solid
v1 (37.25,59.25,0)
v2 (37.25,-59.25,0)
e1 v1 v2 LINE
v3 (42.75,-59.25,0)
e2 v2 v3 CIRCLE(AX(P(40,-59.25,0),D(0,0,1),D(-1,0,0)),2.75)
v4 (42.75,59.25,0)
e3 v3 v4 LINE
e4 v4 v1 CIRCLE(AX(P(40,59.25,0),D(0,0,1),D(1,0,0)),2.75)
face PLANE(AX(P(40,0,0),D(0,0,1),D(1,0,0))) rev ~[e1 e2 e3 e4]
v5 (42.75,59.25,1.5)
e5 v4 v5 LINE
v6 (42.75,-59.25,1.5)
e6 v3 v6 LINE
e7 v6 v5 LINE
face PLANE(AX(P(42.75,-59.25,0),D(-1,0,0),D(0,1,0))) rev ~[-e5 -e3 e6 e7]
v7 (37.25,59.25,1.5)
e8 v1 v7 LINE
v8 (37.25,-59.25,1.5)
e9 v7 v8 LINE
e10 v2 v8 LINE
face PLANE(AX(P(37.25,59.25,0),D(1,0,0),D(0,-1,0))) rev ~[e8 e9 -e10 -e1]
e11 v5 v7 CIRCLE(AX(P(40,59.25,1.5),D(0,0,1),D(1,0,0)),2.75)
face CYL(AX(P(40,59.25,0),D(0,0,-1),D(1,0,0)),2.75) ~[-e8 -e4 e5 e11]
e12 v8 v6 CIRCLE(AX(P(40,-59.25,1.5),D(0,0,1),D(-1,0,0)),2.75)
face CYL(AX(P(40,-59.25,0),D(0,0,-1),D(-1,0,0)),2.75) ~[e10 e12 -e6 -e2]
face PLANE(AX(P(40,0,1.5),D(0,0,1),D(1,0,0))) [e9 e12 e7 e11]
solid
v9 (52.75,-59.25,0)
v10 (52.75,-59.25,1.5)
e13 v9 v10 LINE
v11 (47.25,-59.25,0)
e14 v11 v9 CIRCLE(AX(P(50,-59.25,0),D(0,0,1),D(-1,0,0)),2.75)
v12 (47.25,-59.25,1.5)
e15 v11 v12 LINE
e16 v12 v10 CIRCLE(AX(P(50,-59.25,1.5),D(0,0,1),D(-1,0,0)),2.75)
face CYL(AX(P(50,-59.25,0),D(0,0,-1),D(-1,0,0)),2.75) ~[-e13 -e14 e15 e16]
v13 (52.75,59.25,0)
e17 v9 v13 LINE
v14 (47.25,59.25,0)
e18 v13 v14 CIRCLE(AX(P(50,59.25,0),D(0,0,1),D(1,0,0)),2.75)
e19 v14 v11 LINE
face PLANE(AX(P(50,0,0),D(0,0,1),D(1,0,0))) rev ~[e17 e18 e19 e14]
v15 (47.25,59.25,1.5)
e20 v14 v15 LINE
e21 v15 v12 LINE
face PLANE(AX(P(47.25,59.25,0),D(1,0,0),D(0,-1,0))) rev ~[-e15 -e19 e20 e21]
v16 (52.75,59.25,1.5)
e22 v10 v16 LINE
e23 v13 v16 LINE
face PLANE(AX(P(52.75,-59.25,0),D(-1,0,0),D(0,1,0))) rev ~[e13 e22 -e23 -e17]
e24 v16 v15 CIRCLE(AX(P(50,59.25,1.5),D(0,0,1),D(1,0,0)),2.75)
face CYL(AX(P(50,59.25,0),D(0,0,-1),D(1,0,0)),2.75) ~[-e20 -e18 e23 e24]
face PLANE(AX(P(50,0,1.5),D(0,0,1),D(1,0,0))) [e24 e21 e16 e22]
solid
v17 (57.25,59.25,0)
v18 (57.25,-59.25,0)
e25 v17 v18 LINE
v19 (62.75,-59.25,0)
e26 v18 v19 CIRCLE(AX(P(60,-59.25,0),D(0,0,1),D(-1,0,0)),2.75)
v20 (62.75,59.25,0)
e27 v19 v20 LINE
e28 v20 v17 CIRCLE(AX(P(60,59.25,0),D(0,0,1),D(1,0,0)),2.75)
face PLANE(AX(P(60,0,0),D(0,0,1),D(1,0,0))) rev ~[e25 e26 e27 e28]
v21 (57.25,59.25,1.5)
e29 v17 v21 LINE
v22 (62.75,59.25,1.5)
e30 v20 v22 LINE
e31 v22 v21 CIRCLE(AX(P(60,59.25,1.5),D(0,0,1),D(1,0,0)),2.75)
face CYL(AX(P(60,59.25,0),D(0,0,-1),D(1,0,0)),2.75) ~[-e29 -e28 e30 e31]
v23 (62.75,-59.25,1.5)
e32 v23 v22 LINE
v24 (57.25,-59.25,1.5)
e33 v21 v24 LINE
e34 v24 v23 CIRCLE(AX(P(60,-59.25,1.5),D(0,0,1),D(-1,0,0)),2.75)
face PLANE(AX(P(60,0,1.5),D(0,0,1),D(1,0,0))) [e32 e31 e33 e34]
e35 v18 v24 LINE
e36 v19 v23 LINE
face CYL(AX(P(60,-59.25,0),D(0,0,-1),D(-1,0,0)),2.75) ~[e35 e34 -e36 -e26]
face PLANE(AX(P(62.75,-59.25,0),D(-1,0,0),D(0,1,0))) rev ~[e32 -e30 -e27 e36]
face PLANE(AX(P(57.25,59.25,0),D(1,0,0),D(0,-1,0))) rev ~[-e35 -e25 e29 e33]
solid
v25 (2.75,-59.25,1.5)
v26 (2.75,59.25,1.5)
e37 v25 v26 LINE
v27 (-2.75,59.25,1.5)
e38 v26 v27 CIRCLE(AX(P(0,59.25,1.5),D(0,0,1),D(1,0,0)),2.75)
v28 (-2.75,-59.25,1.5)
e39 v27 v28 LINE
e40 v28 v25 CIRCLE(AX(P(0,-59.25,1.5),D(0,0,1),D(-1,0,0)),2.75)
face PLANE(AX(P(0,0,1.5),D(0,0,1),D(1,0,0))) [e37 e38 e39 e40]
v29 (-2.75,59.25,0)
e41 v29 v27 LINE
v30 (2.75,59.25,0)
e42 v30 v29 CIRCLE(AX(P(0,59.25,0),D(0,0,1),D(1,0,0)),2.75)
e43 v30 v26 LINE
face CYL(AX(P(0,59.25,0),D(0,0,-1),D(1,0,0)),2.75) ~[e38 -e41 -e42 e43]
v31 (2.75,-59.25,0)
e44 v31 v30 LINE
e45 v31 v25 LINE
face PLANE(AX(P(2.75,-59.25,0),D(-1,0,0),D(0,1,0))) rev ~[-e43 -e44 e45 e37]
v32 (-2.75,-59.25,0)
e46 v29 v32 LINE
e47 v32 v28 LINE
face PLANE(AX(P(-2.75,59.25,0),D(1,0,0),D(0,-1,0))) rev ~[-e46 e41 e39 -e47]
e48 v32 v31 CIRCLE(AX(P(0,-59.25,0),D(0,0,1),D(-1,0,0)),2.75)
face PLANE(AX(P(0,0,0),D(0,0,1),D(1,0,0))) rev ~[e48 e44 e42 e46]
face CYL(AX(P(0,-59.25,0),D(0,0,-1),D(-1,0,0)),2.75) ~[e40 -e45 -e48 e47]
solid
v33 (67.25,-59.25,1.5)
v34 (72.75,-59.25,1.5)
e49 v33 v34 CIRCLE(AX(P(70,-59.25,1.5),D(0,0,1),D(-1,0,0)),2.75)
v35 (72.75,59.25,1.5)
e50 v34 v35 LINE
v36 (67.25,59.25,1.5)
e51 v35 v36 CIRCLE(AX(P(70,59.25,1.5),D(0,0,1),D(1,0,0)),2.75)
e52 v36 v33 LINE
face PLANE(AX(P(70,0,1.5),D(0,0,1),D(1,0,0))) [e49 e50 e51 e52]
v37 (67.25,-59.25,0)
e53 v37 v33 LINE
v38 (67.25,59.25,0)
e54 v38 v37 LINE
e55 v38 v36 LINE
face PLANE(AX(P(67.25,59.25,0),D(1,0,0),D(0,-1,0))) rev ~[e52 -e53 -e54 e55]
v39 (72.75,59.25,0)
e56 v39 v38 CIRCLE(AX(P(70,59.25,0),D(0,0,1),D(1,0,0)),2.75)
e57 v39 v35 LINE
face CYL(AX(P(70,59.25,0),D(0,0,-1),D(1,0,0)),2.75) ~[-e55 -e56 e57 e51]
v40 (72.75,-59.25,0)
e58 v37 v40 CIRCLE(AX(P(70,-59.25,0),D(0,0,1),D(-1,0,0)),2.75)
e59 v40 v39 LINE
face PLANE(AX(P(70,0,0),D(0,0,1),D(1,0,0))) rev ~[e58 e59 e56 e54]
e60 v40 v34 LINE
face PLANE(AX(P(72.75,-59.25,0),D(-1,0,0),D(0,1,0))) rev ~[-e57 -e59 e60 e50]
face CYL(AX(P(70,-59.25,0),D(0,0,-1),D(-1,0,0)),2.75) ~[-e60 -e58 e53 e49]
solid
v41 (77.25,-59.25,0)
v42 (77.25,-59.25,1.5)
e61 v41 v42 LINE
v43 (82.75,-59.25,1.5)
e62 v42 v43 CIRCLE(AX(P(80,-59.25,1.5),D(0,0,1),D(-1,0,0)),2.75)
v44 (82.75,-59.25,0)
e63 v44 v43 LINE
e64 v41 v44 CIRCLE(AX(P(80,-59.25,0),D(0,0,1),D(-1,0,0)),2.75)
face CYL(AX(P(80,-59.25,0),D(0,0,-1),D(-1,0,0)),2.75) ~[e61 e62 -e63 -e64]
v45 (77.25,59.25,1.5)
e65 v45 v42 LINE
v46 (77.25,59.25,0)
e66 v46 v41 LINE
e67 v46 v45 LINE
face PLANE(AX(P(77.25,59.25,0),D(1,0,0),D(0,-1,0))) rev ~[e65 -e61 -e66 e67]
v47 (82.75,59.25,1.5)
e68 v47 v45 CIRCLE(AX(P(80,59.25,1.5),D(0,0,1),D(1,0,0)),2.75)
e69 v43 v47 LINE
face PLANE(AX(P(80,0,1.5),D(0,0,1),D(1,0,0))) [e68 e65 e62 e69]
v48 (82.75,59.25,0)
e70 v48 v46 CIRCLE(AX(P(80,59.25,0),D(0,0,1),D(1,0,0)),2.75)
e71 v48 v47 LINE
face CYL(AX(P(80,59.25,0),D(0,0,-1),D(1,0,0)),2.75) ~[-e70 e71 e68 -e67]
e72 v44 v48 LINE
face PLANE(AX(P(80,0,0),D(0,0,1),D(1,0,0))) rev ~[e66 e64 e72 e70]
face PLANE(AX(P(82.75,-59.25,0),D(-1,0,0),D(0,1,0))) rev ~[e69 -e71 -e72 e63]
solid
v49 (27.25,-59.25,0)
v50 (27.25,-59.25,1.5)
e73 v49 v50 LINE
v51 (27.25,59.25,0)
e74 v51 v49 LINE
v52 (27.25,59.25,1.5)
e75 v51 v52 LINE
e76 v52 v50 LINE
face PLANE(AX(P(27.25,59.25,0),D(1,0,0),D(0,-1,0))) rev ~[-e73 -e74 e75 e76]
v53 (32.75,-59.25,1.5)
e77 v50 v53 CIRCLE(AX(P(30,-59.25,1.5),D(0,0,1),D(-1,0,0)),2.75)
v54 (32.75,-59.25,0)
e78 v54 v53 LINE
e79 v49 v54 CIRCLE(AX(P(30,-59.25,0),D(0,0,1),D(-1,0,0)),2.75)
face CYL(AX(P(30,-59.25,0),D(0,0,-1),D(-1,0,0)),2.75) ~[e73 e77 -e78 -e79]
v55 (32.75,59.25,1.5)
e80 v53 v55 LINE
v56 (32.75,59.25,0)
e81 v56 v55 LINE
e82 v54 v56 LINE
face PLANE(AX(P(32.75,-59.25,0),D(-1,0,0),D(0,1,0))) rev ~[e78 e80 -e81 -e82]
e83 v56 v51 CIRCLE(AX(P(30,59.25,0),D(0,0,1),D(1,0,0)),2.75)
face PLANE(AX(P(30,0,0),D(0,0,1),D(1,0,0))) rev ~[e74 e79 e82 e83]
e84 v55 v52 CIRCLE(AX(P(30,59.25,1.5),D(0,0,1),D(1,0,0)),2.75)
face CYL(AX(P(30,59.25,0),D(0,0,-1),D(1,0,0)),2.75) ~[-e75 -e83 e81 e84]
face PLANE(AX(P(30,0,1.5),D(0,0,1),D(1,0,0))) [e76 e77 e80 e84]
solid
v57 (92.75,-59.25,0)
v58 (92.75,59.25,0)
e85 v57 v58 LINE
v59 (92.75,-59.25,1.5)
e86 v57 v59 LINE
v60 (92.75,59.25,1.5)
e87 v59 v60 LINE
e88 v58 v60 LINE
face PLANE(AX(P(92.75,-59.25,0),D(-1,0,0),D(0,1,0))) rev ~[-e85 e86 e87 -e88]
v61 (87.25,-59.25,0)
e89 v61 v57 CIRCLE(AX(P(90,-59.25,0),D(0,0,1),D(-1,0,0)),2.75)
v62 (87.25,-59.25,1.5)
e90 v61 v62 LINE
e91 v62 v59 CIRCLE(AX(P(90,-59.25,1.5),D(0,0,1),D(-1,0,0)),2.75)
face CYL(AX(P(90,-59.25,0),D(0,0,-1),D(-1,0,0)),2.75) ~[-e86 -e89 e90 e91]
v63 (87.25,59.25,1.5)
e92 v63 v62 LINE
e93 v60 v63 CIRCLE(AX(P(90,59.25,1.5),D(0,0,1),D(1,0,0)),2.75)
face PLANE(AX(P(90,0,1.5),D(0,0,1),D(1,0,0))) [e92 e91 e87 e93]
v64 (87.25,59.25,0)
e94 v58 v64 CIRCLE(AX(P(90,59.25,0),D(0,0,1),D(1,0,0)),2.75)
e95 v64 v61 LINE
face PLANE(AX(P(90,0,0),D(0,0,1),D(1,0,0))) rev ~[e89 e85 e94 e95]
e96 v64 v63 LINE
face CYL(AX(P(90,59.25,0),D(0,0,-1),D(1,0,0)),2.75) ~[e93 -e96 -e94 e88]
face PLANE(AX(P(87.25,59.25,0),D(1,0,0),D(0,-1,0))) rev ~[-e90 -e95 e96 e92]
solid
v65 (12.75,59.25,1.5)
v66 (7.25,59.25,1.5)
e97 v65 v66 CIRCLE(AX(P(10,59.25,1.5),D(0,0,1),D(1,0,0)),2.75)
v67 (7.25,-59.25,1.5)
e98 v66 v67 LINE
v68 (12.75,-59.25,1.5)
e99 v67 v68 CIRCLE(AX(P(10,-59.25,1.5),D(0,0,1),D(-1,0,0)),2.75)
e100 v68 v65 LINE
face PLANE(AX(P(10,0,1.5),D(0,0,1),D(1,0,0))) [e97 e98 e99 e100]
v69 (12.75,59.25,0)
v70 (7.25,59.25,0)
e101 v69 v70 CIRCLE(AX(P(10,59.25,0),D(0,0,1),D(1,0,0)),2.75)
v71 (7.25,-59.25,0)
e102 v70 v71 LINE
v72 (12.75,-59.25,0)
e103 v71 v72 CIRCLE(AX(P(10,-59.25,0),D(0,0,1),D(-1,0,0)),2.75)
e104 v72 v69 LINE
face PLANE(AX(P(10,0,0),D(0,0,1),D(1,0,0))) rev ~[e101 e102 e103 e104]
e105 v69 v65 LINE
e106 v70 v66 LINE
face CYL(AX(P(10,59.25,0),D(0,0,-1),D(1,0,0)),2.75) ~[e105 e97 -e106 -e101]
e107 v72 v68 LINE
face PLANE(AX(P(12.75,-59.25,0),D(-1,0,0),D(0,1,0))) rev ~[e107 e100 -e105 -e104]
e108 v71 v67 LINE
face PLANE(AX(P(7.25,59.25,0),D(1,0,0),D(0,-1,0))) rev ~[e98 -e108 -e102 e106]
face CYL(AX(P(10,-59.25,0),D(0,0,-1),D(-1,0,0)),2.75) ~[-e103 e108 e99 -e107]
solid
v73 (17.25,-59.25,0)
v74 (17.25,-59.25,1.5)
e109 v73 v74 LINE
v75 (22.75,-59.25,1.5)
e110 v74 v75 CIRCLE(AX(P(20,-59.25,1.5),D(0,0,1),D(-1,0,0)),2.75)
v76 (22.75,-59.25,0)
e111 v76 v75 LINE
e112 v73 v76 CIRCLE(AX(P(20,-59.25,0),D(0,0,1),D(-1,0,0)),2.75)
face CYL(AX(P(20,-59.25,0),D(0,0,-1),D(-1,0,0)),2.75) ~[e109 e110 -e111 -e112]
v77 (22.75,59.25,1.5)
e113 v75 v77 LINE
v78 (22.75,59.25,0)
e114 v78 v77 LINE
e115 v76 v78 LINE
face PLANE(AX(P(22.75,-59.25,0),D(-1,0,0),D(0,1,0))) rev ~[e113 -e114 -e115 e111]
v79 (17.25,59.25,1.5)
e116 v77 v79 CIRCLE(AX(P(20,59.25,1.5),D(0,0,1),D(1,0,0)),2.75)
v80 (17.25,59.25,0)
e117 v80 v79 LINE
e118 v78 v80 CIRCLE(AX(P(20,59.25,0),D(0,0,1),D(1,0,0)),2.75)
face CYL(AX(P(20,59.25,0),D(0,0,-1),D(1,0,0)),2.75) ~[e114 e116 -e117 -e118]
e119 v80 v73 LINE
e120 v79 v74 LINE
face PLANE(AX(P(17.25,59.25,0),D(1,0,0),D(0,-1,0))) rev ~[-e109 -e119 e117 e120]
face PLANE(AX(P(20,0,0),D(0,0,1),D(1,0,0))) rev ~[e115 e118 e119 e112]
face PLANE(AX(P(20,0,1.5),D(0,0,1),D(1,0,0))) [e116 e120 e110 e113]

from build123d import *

# Parameters (mm, degrees)
F1_DEPTH = 1.5


with BuildPart() as f1:
    # F0 (on Top) → F1 (new body)
    with BuildSketch(Plane.XY):
        with BuildLine():
            Line((-2.75, 59.25), (-2.75, -59.25))
            ThreePointArc((-2.75, -59.25), (0, -62), (2.75, -59.25))
            Line((2.75, -59.25), (2.75, 59.25))
            ThreePointArc((2.75, 59.25), (0, 62), (-2.75, 59.25))
        make_face()
        with BuildLine():
            ThreePointArc((7.25, -59.25), (10, -62), (12.75, -59.25))
            Line((12.75, -59.25), (12.75, 59.25))
            ThreePointArc((12.75, 59.25), (10, 62), (7.25, 59.25))
            Line((7.25, 59.25), (7.25, -59.25))
        make_face()
        with BuildLine():
            ThreePointArc((17.25, -59.25), (20, -62), (22.75, -59.25))
            Line((22.75, -59.25), (22.75, 59.25))
            ThreePointArc((22.75, 59.25), (20, 62), (17.25, 59.25))
            Line((17.25, 59.25), (17.25, -59.25))
        make_face()
        with BuildLine():
            ThreePointArc((27.25, -59.25), (30, -62), (32.75, -59.25))
            Line((32.75, -59.25), (32.75, 59.25))
            ThreePointArc((32.75, 59.25), (30, 62), (27.25, 59.25))
            Line((27.25, 59.25), (27.25, -59.25))
        make_face()
        with BuildLine():
            ThreePointArc((37.25, -59.25), (40, -62), (42.75, -59.25))
            Line((42.75, -59.25), (42.75, 59.25))
            ThreePointArc((42.75, 59.25), (40, 62), (37.25, 59.25))
            Line((37.25, 59.25), (37.25, -59.25))
        make_face()
        with BuildLine():
            ThreePointArc((47.25, -59.25), (50, -62), (52.75, -59.25))
            Line((52.75, -59.25), (52.75, 59.25))
            ThreePointArc((52.75, 59.25), (50, 62), (47.25, 59.25))
            Line((47.25, 59.25), (47.25, -59.25))
        make_face()
        with BuildLine():
            ThreePointArc((57.25, -59.25), (60, -62), (62.75, -59.25))
            Line((62.75, -59.25), (62.75, 59.25))
            ThreePointArc((62.75, 59.25), (60, 62), (57.25, 59.25))
            Line((57.25, 59.25), (57.25, -59.25))
        make_face()
        with BuildLine():
            ThreePointArc((67.25, -59.25), (70, -62), (72.75, -59.25))
            Line((72.75, -59.25), (72.75, 59.25))
            ThreePointArc((72.75, 59.25), (70, 62), (67.25, 59.25))
            Line((67.25, 59.25), (67.25, -59.25))
        make_face()
        with BuildLine():
            ThreePointArc((77.25, -59.25), (80, -62), (82.75, -59.25))
            Line((82.75, -59.25), (82.75, 59.25))
            ThreePointArc((82.75, 59.25), (80, 62), (77.25, 59.25))
            Line((77.25, 59.25), (77.25, -59.25))
        make_face()
        with BuildLine():
            ThreePointArc((87.25, -59.25), (90, -62), (92.75, -59.25))
            Line((92.75, -59.25), (92.75, 59.25))
            ThreePointArc((92.75, 59.25), (90, 62), (87.25, 59.25))
            Line((87.25, 59.25), (87.25, -59.25))
        make_face()
    extrude(amount=F1_DEPTH)


solid = f1.part
